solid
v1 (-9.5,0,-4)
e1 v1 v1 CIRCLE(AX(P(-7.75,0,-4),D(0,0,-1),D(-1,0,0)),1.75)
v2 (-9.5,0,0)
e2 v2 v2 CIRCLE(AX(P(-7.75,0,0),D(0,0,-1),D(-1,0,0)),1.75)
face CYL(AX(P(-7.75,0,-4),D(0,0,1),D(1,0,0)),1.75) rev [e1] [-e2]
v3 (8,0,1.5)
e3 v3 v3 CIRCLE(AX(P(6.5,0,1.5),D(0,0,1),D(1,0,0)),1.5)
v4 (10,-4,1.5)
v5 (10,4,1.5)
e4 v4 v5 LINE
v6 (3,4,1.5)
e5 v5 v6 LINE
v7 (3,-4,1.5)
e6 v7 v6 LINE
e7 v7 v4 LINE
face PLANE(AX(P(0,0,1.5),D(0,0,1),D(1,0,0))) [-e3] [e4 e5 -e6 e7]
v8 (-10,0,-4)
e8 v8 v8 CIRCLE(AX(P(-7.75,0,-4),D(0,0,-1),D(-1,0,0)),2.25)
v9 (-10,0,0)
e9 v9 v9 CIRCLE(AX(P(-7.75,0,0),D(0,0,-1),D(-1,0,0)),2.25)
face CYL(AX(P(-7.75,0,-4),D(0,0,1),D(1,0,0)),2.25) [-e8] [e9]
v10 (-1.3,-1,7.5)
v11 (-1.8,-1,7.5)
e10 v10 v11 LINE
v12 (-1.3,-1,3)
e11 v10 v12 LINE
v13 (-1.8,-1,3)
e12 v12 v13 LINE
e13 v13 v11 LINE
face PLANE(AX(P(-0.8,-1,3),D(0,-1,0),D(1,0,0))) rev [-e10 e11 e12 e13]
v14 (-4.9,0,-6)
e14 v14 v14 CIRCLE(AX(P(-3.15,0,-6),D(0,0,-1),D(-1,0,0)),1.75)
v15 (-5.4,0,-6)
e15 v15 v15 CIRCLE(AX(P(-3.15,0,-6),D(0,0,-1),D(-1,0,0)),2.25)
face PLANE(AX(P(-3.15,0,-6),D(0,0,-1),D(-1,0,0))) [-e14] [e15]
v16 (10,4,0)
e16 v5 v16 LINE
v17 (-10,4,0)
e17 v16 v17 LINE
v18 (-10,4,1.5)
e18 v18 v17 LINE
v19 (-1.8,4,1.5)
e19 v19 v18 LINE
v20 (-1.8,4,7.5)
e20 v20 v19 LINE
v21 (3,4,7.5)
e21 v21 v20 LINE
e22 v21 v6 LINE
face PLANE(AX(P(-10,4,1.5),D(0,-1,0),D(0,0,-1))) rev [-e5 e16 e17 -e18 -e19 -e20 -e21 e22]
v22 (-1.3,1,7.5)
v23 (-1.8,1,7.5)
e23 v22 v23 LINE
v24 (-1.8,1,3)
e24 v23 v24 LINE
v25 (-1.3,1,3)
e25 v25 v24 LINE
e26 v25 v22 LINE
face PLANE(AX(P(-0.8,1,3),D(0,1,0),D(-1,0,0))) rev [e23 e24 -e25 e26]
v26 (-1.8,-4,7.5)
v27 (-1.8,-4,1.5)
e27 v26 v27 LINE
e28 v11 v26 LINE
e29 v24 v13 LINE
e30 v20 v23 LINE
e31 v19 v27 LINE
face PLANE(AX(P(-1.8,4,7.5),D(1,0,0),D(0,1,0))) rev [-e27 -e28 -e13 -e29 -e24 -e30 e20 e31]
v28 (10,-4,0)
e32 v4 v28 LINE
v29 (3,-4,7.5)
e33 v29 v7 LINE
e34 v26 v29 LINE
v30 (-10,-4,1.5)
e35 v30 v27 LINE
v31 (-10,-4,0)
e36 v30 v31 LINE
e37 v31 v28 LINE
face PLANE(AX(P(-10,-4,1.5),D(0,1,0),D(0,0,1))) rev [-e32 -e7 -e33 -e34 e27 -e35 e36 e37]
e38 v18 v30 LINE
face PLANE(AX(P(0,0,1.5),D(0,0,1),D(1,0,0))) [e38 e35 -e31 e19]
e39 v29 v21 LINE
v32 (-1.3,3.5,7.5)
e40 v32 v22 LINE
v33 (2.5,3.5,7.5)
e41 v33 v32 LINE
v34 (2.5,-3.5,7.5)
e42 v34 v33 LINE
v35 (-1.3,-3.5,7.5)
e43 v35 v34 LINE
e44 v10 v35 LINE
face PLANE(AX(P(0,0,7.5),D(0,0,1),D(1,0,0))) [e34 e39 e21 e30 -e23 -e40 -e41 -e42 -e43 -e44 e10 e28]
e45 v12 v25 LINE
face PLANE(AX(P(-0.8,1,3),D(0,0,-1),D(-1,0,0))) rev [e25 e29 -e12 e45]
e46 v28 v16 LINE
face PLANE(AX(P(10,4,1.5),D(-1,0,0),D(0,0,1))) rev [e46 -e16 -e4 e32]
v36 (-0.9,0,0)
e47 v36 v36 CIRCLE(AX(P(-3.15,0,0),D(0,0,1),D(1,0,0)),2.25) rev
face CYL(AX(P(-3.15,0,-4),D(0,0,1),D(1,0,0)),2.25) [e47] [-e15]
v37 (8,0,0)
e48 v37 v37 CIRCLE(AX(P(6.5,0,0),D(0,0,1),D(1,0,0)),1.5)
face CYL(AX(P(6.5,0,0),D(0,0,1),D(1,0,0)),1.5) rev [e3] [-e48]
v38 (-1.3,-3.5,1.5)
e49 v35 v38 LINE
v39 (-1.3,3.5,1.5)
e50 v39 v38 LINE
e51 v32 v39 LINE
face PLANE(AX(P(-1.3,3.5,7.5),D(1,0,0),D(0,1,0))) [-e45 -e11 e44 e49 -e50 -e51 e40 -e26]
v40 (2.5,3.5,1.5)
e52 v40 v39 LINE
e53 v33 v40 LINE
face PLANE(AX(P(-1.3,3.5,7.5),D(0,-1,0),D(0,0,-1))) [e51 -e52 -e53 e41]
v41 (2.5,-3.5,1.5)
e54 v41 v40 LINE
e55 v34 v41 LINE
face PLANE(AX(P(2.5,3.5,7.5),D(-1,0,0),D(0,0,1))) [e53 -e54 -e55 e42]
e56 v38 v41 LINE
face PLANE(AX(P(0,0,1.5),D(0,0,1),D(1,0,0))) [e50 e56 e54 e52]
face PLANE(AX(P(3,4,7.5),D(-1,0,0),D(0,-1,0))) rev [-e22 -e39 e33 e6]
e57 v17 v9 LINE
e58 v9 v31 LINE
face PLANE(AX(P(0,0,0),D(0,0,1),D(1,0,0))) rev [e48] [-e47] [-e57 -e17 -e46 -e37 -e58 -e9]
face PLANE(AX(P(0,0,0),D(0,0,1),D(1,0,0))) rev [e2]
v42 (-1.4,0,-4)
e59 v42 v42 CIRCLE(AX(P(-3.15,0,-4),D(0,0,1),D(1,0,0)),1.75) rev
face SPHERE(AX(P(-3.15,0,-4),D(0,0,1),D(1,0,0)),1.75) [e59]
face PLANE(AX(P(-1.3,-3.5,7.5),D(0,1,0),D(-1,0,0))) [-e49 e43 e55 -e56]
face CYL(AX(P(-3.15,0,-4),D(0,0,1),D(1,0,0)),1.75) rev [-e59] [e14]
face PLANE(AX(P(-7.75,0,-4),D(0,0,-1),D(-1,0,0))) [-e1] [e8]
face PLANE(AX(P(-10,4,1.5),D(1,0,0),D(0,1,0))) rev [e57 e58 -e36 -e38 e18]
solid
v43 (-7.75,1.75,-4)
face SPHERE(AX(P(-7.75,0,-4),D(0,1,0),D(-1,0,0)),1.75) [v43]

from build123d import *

# Parameters (mm, degrees)
EXTRUDE_1_DEPTH     = 1.5
SKETCH_2_R          = 1.4999999999999987
CUT_EXTRUDE_1_DEPTH = 1.5
EXTRUDE_2_DEPTH     = 6
SKETCH_4_W          = 4.500000000000001
SKETCH_4_H          = 2
CUT_EXTRUDE_4_DEPTH = 1
SKETCH_5_R          = 2.250000000000001
SKETCH_5_R_2        = 1.7500000000000016
EXTRUDE_3_DEPTH     = 4
SKETCH_8_R          = 2.250000000000001
SKETCH_8_R_2        = 1.75
EXTRUDE_13_DEPTH    = 4
SKETCH_10_R         = 2.250000000000001
SKETCH_10_R_2       = 1.7500000000000007
EXTRUDE_14_DEPTH    = 2
SKETCH_11_R         = 1.75
EXTRUDE_15_DEPTH    = 4


with BuildPart() as part:
    # 草图1 → 凸台-拉伸1 (new body)
    with BuildSketch(Plane.XY):
        Polygon((-10, 4), (10, 4), (10, -4), (-9.999999999999998, -4), align=None)
    extrude(amount=EXTRUDE_1_DEPTH)

    # 草图2 → 切除-拉伸1 (cut)
    with BuildSketch(Plane.XY.offset(1.5)):
        with Locations((6.500000000000001, 0)):
            Circle(SKETCH_2_R)
    extrude(amount=-CUT_EXTRUDE_1_DEPTH, mode=Mode.SUBTRACT)

    # 草图3 → 凸台-拉伸2 (add)
    with BuildSketch(Plane.XY.offset(1.5)):
        Polygon((-1.7999999999999998, 4), (3, 4), (3.000000000000001, -4), (-1.7999999999999987, -4), align=None)
        Polygon((-1.2999999999999996, 3.5), (2.5, 3.5), (2.5, -3.5), (-1.2999999999999987, -3.4999999999999996), align=None, mode=Mode.SUBTRACT)
    extrude(amount=EXTRUDE_2_DEPTH)

    # 草图4 → 切除-拉伸4 (cut)
    with BuildSketch(Plane.ZY.offset(1.7999999999999992)):
        with Locations((5.25, 0)):
            Rectangle(SKETCH_4_W, SKETCH_4_H)
    extrude(amount=-CUT_EXTRUDE_4_DEPTH, mode=Mode.SUBTRACT)

    # 草图5 → 凸台-拉伸3 (add)
    with BuildSketch(Plane(origin=(0, 0, 0), x_dir=(-1, 0, 0), z_dir=(0, 0, -1))):
        with Locations((7.75, 0)):
            Circle(SKETCH_5_R)
        with Locations((7.75, 0)):
            Circle(SKETCH_5_R_2, mode=Mode.SUBTRACT)
    extrude(amount=EXTRUDE_3_DEPTH)

    # 草图8 → 凸台-拉伸13 (add)
    with BuildSketch(Plane(origin=(0, 0, 0), x_dir=(-1, 0, 0), z_dir=(0, 0, -1))):
        with Locations(Location((3.15, 0, 0), (0, 0, 180))):
            Circle(SKETCH_8_R)
        with Locations((3.15, 0)):
            Circle(SKETCH_8_R_2, mode=Mode.SUBTRACT)
    extrude(amount=EXTRUDE_13_DEPTH)

    # 草图10 → 凸台-拉伸14 (add)
    with BuildSketch(Plane(origin=(0, 0, -4), x_dir=(-1, 0, 0), z_dir=(0, 0, -1))):
        with Locations(Location((3.15, 0, 0), (0, 0, 180))):
            Circle(SKETCH_10_R)
        with Locations((3.15, 0)):
            Circle(SKETCH_10_R_2, mode=Mode.SUBTRACT)
    extrude(amount=EXTRUDE_14_DEPTH)



with BuildPart() as body_2:
    # 草图6 → 旋转1 (revolve)
    with BuildSketch(Plane(origin=(0, 0, -4), x_dir=(-1, 0, 0), z_dir=(0, 0, -1))):
        with BuildLine():
            Line((7.75, 1.7500000000000018), (7.75, -1.7500000000000018))
            ThreePointArc((7.75, -1.7500000000000018), (9.500000000000002, 0), (7.75, 1.7500000000000018))
        make_face()
    revolve(axis=Axis((-7.75, 1.7500000000000018, -4), (0, -1, 0)))


with BuildPart() as body_3:
    # 草图9 → 旋转2 (revolve)
    with BuildSketch(Plane(origin=(0, 0, -4), x_dir=(-1, 0, 0), z_dir=(0, 0, -1))):
        with BuildLine():
            Line((3.15, 1.75), (3.15, -1.75))
            ThreePointArc((3.15, -1.75), (4.9, 0), (3.15, 1.75))
        make_face()
    revolve(axis=Axis((-3.15, 1.75, -4), (0, -1, 0)))


with BuildPart() as part_1:
    add(part.part)

    add(body_3.part)  # 凸台-拉伸15 merges body 3
    # 草图11 → 凸台-拉伸15 (add)
    with BuildSketch(Plane(origin=(0, 0, 0), x_dir=(-1, 0, 0), z_dir=(0, 0, -1))):
        with Locations(Location((3.15, 0, 0), (0, 0, 180))):
            Circle(SKETCH_11_R)
    extrude(amount=EXTRUDE_15_DEPTH)


solid = Compound([body_2.part, part_1.part])
